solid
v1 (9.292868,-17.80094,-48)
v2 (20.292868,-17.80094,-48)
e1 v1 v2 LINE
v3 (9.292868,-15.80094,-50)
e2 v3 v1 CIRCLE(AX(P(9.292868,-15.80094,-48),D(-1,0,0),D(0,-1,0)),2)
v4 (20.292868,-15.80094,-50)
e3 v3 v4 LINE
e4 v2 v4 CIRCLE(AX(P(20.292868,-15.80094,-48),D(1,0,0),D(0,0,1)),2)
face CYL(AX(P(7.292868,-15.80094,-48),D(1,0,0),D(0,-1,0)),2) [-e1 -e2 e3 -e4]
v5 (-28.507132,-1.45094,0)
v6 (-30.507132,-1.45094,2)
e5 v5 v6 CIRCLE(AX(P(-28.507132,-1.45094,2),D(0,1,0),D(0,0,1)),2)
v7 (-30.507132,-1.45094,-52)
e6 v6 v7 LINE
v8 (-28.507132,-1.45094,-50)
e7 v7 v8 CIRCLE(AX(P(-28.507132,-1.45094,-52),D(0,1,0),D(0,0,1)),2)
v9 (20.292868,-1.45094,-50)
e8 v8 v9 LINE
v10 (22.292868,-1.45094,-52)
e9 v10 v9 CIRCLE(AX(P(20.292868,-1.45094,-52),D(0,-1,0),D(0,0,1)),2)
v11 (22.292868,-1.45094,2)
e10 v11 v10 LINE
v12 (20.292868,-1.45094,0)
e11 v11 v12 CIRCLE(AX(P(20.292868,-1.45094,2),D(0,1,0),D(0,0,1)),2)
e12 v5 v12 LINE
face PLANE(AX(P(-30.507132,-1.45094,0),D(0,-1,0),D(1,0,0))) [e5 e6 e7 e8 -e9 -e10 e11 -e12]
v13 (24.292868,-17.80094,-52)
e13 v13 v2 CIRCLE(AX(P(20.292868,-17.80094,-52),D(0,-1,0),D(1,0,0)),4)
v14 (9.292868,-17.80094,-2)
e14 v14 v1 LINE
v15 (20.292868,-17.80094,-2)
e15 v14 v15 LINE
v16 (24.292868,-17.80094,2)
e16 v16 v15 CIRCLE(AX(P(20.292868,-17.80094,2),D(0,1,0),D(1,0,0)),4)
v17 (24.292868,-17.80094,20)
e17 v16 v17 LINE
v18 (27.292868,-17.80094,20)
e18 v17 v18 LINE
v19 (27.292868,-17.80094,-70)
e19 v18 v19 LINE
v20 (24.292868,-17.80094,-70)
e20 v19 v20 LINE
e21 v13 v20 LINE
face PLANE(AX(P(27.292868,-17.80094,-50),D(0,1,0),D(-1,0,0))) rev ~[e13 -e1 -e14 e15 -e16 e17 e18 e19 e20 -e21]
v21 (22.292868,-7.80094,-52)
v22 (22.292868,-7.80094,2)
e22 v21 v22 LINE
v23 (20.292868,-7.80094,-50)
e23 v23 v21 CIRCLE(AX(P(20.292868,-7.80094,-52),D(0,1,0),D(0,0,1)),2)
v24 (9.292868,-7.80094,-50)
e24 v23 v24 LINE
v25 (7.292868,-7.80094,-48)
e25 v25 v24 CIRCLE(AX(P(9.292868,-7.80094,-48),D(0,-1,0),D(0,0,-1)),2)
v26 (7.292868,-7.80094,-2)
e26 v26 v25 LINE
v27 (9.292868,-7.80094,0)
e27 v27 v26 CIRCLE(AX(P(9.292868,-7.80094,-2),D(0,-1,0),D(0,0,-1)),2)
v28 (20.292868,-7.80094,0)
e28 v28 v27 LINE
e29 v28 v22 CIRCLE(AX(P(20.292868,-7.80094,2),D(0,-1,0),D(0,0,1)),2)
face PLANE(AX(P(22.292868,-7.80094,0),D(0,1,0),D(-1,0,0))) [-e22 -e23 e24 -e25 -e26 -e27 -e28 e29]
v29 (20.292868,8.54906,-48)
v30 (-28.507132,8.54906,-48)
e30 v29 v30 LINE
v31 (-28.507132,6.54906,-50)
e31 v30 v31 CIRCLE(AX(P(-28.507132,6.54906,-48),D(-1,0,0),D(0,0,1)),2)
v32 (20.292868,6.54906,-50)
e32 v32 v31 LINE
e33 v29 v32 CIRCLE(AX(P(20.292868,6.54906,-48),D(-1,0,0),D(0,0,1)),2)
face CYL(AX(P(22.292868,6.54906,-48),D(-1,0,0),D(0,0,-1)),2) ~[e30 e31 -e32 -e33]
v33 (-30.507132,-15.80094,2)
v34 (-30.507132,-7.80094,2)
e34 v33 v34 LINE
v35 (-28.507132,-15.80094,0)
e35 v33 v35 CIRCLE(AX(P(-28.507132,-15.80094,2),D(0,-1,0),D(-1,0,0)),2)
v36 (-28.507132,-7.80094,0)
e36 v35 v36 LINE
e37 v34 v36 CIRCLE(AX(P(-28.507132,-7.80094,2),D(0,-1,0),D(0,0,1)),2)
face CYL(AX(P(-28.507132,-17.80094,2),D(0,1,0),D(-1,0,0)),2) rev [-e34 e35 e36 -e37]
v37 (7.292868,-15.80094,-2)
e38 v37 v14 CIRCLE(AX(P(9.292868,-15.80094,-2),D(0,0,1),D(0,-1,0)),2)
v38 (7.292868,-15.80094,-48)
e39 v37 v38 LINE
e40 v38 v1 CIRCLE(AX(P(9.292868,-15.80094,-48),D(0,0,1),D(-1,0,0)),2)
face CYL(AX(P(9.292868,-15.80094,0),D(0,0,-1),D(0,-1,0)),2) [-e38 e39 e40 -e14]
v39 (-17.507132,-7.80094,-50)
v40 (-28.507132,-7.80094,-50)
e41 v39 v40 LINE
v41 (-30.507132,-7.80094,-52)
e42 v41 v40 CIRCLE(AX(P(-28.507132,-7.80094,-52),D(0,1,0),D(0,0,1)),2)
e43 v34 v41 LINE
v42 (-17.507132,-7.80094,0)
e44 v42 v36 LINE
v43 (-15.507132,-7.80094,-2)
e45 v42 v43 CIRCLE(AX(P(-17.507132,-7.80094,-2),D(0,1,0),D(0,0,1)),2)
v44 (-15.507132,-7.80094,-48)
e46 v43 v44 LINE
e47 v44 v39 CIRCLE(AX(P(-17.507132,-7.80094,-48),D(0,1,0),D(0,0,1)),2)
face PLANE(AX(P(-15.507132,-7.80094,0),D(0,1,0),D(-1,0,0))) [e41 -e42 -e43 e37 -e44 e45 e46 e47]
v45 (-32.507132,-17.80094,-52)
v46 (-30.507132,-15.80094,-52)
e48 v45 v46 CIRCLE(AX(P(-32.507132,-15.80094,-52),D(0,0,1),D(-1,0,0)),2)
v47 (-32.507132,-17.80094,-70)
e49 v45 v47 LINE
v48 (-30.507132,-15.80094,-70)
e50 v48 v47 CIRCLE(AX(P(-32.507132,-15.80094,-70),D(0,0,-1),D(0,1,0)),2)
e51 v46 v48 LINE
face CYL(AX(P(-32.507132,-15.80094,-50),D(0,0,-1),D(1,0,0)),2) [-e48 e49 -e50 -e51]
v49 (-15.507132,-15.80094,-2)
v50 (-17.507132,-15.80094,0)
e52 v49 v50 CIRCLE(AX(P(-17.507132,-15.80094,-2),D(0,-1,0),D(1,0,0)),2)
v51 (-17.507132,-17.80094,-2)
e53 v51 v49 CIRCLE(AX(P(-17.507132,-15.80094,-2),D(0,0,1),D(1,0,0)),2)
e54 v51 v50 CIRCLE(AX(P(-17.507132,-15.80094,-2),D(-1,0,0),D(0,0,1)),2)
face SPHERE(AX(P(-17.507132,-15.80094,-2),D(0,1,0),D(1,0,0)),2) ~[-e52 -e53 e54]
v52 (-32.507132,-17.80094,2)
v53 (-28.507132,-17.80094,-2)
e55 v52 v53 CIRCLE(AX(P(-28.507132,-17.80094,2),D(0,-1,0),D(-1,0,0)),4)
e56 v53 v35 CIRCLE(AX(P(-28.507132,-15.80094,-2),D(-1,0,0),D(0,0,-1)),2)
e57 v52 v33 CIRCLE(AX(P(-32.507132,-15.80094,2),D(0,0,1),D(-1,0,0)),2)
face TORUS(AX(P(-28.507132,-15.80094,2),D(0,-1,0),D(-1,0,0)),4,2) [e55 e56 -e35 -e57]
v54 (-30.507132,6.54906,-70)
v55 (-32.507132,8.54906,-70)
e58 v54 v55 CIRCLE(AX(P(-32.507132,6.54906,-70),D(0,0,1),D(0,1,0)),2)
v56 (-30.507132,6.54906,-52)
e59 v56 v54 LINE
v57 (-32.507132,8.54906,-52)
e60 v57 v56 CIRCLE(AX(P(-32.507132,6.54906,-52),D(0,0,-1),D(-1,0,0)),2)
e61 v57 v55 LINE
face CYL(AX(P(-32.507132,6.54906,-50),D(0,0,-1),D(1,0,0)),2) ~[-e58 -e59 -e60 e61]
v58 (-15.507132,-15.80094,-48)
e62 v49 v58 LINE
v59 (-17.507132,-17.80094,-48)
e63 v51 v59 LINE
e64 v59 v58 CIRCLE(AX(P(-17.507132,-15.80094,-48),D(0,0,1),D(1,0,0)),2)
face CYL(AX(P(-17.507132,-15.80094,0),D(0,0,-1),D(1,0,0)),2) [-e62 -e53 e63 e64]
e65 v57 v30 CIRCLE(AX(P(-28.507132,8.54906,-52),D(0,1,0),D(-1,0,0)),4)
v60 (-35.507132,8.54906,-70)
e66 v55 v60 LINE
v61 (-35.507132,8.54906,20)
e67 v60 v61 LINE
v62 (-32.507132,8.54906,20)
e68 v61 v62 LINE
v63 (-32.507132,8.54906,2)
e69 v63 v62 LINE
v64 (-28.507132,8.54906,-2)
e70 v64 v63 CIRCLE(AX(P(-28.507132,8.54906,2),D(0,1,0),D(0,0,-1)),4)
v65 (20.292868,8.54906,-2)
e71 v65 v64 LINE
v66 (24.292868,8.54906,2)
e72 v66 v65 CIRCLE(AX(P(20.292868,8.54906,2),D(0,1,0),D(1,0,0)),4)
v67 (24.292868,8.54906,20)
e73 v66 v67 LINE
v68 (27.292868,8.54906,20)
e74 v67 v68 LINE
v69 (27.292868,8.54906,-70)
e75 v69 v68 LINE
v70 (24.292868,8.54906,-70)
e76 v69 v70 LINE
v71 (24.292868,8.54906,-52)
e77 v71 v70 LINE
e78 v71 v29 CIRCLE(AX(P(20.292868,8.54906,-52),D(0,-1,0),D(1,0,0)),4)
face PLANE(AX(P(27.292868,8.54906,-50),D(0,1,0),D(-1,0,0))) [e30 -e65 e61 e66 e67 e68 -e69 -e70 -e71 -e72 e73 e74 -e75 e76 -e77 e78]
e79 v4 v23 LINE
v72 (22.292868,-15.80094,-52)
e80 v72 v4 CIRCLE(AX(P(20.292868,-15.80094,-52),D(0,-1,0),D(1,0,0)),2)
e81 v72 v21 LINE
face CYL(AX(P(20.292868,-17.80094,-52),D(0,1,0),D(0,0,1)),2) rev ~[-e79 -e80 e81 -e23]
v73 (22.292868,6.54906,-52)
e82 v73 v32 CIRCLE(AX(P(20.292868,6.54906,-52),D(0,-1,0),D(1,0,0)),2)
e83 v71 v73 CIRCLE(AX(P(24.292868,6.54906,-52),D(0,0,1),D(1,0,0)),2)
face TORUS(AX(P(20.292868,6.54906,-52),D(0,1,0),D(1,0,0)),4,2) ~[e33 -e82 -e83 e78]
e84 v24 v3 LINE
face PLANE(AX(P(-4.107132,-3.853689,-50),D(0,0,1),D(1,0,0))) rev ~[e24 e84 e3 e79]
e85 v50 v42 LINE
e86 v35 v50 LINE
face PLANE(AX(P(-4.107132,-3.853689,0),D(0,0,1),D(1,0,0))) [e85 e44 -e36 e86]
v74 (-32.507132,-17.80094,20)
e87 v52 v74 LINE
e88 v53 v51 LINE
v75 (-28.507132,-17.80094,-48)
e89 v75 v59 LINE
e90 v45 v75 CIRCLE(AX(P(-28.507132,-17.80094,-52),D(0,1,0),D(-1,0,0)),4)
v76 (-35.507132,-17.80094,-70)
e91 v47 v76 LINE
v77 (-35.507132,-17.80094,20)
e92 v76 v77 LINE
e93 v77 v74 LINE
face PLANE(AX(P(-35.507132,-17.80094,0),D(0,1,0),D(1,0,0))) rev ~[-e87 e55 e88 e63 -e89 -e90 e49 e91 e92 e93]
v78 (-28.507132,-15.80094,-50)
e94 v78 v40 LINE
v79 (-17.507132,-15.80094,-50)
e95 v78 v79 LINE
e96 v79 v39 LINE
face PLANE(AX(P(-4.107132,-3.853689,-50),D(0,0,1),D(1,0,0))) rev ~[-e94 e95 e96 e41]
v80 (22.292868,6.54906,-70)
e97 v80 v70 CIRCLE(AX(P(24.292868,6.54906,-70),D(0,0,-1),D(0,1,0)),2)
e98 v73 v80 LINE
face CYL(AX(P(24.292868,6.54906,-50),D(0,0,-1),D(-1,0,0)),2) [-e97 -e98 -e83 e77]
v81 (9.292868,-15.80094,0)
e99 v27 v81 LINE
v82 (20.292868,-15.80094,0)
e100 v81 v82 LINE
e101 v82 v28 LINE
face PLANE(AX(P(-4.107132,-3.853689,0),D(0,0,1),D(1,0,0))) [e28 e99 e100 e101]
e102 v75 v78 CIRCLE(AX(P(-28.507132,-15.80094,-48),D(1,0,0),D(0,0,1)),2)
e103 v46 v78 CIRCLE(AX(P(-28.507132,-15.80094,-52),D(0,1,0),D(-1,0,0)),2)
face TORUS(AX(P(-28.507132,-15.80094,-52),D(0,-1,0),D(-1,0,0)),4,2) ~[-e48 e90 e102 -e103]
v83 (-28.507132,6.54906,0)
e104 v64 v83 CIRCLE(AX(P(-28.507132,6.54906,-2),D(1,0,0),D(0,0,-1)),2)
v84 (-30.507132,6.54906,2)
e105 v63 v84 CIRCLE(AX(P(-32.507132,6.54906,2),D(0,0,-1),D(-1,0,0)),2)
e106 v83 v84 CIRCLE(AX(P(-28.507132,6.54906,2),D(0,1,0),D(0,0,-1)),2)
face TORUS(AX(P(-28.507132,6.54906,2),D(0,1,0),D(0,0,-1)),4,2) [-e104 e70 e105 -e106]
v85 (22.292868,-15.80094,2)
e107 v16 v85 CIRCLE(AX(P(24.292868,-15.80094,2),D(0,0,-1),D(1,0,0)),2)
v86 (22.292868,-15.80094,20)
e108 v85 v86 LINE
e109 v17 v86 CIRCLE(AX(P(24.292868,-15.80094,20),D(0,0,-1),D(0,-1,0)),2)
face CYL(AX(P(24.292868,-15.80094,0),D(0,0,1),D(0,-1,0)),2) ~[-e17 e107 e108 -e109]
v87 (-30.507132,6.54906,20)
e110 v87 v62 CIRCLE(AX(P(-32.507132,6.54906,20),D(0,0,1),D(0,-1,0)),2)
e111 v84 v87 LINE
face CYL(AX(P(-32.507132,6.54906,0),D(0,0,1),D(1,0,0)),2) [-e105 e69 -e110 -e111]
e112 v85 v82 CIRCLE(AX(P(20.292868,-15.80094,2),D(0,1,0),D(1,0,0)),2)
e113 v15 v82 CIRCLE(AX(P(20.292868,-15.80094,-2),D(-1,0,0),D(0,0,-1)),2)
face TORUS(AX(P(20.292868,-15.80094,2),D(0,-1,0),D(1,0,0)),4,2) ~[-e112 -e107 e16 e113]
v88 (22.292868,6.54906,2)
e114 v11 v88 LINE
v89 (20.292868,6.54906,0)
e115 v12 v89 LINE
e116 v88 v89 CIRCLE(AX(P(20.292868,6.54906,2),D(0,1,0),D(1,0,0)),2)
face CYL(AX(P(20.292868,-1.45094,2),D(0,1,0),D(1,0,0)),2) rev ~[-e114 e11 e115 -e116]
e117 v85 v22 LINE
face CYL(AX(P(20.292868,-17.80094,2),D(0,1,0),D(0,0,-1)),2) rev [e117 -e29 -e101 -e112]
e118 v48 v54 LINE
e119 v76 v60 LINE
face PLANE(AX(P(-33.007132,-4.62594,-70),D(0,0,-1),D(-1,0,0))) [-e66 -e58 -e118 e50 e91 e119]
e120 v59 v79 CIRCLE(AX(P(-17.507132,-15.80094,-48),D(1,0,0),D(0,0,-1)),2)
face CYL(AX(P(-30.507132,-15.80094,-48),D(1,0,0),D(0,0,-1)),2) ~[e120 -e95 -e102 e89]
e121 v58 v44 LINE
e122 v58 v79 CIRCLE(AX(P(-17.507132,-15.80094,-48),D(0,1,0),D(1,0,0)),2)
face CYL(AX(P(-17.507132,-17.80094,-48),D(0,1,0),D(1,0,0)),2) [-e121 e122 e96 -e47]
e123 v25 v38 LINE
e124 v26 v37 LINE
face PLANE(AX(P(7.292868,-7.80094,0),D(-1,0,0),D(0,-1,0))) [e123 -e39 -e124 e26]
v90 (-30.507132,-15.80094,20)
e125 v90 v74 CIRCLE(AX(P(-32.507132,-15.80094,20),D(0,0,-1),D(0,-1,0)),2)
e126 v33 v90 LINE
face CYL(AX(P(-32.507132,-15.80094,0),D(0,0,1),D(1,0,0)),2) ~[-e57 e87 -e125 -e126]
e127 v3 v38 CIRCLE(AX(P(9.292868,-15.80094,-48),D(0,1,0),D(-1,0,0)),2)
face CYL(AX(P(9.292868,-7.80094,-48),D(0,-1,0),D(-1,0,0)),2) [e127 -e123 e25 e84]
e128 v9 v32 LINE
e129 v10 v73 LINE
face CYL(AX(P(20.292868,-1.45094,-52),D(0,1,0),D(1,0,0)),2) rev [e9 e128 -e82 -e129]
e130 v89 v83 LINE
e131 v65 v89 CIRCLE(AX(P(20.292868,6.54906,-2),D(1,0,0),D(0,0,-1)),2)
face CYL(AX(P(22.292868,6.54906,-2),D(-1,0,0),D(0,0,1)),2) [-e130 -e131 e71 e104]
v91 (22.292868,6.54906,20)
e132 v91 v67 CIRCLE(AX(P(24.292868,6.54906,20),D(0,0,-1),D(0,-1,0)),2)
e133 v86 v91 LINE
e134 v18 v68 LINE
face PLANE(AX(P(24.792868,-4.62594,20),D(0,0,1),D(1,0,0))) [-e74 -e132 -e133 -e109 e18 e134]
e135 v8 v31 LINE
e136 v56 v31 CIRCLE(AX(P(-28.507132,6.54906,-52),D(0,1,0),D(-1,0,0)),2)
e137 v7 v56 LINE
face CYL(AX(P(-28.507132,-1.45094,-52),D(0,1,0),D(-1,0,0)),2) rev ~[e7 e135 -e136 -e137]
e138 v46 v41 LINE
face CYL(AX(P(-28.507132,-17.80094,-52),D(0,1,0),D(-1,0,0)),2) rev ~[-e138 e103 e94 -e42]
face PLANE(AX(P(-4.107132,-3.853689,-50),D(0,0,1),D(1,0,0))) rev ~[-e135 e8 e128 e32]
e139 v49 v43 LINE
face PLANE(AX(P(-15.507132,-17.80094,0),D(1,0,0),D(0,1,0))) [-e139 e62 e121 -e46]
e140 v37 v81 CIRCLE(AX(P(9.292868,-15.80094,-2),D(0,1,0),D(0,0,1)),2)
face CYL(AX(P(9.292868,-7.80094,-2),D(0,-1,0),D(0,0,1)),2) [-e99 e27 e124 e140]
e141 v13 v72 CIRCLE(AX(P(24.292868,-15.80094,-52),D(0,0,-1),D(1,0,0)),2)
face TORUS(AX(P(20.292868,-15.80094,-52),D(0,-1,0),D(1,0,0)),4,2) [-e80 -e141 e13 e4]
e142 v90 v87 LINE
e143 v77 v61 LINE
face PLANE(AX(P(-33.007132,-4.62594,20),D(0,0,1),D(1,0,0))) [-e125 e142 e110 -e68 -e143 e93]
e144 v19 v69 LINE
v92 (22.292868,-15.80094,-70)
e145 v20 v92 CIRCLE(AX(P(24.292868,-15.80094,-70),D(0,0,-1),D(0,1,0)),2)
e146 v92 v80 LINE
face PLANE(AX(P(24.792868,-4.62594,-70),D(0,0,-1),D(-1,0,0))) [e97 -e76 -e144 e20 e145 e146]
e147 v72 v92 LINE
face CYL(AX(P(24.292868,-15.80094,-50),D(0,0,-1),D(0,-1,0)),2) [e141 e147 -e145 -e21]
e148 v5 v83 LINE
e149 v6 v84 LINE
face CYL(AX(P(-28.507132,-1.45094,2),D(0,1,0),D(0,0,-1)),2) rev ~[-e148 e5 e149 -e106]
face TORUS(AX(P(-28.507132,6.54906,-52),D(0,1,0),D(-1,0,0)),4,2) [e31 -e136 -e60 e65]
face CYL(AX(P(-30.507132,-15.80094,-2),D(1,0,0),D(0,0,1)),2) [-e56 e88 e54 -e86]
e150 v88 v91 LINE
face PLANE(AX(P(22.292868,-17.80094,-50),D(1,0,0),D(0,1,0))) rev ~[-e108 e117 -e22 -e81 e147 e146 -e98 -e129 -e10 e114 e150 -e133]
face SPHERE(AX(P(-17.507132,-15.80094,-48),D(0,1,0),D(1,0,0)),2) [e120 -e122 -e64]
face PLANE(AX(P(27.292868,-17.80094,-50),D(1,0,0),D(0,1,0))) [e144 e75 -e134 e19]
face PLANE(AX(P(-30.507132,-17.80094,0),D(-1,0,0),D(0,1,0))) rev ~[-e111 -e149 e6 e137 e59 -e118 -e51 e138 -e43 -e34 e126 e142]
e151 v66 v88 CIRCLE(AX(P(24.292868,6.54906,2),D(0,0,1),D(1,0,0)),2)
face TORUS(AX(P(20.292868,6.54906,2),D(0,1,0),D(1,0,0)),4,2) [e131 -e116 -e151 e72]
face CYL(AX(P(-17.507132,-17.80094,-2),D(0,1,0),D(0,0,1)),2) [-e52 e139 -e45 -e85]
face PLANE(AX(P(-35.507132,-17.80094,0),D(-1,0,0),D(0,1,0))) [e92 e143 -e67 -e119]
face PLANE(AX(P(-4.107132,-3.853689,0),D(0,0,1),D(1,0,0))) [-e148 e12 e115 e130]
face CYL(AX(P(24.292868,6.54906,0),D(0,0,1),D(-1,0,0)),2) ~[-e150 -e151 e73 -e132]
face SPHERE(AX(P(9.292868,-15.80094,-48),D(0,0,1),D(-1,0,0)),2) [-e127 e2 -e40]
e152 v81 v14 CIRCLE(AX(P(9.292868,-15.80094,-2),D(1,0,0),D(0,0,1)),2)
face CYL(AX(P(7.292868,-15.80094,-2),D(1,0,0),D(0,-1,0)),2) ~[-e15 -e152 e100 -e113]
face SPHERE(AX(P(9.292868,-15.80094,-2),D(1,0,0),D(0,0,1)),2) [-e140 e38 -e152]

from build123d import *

# Parameters (mm, degrees)
BOSS_EXTRUDE1_DEPTH = 50
SKETCH2_W           = 5
SKETCH2_H           = 26.35
BOSS_EXTRUDE2_DEPTH = 20
SKETCH4_W           = 5
SKETCH4_H           = 26.35
BOSS_EXTRUDE3_DEPTH = 20
FILLET2_R           = 2


with BuildPart() as part:
    # Sketch1 → Boss-Extrude1 (new body)
    with BuildSketch(Plane.XY):
        Polygon((27.292868212, 8.549060403), (-35.507131788, 8.549060403), (-35.507131788, -17.800939597), (-15.507131788, -17.800939597), (-15.507131788, -7.800939597), (-30.507131788, -7.800939597), (-30.507131788, -1.450939597), (22.292868212, -1.450939597), (22.292868212, -7.800939597), (7.292868212, -7.800939597), (7.292868212, -17.800939597), (27.292868212, -17.800939597), align=None)
    extrude(amount=-BOSS_EXTRUDE1_DEPTH)

    # Sketch2 → Boss-Extrude2 (add)
    with BuildSketch(Plane.XY):
        with Locations((-33.007131788, -4.625939597)):
            Rectangle(SKETCH2_W, SKETCH2_H)
        with Locations((24.792868212, -4.625939597)):
            Rectangle(SKETCH2_W, SKETCH2_H)
    extrude(amount=BOSS_EXTRUDE2_DEPTH)

    # Sketch4 → Boss-Extrude3 (add)
    with BuildSketch(Plane(origin=(0, 0, -50), x_dir=(-1, 0, 0), z_dir=(0, 0, -1))):
        with Locations((-24.792868212, -4.625939597)):
            Rectangle(SKETCH4_W, SKETCH4_H)
        with Locations((33.007131788, -4.625939597)):
            Rectangle(SKETCH4_W, SKETCH4_H)
    extrude(amount=BOSS_EXTRUDE3_DEPTH)

    # Fillet2
    fillet2_edges = [part.edges().sort_by_distance(p)[0] for p in [
        (-15.507131788, -12.800939597, -50),
        (14.792868212, -17.800939597, 0),
        (7.292868212, -12.800939597, 0),
        (-15.507131788, -12.800939597, 0),
        (7.292868212, -17.800939597, -25),
        (-15.507131788, -17.800939597, -25),
        (-23.007131788, -17.800939597, 0),
        (-30.507131788, -12.800939597, 0),
        (7.292868212, -12.800939597, -50),
        (-30.507131788, 8.549060403, 10),
        (-30.507131788, -17.800939597, 10),
        (-30.507131788, 3.549060403, 0),
        (14.792868212, -17.800939597, -50),
        (-4.107131788, 8.549060403, 0),
        (22.292868212, 3.549060403, 0),
        (22.292868212, -12.800939597, 0),
        (22.292868212, 8.549060403, 10),
        (22.292868212, -17.800939597, 10),
        (-4.107131788, 8.549060403, -50),
        (22.292868212, 3.549060403, -50),
        (22.292868212, -12.800939597, -50),
        (22.292868212, -17.800939597, -60),
        (22.292868212, 8.549060403, -60),
        (-23.007131788, -17.800939597, -50),
        (-30.507131788, 3.549060403, -50),
        (-30.507131788, -12.800939597, -50),
        (-30.507131788, 8.549060403, -60),
        (-30.507131788, -17.800939597, -60),
    ]]
    fillet(fillet2_edges, radius=FILLET2_R)


solid = part.part
